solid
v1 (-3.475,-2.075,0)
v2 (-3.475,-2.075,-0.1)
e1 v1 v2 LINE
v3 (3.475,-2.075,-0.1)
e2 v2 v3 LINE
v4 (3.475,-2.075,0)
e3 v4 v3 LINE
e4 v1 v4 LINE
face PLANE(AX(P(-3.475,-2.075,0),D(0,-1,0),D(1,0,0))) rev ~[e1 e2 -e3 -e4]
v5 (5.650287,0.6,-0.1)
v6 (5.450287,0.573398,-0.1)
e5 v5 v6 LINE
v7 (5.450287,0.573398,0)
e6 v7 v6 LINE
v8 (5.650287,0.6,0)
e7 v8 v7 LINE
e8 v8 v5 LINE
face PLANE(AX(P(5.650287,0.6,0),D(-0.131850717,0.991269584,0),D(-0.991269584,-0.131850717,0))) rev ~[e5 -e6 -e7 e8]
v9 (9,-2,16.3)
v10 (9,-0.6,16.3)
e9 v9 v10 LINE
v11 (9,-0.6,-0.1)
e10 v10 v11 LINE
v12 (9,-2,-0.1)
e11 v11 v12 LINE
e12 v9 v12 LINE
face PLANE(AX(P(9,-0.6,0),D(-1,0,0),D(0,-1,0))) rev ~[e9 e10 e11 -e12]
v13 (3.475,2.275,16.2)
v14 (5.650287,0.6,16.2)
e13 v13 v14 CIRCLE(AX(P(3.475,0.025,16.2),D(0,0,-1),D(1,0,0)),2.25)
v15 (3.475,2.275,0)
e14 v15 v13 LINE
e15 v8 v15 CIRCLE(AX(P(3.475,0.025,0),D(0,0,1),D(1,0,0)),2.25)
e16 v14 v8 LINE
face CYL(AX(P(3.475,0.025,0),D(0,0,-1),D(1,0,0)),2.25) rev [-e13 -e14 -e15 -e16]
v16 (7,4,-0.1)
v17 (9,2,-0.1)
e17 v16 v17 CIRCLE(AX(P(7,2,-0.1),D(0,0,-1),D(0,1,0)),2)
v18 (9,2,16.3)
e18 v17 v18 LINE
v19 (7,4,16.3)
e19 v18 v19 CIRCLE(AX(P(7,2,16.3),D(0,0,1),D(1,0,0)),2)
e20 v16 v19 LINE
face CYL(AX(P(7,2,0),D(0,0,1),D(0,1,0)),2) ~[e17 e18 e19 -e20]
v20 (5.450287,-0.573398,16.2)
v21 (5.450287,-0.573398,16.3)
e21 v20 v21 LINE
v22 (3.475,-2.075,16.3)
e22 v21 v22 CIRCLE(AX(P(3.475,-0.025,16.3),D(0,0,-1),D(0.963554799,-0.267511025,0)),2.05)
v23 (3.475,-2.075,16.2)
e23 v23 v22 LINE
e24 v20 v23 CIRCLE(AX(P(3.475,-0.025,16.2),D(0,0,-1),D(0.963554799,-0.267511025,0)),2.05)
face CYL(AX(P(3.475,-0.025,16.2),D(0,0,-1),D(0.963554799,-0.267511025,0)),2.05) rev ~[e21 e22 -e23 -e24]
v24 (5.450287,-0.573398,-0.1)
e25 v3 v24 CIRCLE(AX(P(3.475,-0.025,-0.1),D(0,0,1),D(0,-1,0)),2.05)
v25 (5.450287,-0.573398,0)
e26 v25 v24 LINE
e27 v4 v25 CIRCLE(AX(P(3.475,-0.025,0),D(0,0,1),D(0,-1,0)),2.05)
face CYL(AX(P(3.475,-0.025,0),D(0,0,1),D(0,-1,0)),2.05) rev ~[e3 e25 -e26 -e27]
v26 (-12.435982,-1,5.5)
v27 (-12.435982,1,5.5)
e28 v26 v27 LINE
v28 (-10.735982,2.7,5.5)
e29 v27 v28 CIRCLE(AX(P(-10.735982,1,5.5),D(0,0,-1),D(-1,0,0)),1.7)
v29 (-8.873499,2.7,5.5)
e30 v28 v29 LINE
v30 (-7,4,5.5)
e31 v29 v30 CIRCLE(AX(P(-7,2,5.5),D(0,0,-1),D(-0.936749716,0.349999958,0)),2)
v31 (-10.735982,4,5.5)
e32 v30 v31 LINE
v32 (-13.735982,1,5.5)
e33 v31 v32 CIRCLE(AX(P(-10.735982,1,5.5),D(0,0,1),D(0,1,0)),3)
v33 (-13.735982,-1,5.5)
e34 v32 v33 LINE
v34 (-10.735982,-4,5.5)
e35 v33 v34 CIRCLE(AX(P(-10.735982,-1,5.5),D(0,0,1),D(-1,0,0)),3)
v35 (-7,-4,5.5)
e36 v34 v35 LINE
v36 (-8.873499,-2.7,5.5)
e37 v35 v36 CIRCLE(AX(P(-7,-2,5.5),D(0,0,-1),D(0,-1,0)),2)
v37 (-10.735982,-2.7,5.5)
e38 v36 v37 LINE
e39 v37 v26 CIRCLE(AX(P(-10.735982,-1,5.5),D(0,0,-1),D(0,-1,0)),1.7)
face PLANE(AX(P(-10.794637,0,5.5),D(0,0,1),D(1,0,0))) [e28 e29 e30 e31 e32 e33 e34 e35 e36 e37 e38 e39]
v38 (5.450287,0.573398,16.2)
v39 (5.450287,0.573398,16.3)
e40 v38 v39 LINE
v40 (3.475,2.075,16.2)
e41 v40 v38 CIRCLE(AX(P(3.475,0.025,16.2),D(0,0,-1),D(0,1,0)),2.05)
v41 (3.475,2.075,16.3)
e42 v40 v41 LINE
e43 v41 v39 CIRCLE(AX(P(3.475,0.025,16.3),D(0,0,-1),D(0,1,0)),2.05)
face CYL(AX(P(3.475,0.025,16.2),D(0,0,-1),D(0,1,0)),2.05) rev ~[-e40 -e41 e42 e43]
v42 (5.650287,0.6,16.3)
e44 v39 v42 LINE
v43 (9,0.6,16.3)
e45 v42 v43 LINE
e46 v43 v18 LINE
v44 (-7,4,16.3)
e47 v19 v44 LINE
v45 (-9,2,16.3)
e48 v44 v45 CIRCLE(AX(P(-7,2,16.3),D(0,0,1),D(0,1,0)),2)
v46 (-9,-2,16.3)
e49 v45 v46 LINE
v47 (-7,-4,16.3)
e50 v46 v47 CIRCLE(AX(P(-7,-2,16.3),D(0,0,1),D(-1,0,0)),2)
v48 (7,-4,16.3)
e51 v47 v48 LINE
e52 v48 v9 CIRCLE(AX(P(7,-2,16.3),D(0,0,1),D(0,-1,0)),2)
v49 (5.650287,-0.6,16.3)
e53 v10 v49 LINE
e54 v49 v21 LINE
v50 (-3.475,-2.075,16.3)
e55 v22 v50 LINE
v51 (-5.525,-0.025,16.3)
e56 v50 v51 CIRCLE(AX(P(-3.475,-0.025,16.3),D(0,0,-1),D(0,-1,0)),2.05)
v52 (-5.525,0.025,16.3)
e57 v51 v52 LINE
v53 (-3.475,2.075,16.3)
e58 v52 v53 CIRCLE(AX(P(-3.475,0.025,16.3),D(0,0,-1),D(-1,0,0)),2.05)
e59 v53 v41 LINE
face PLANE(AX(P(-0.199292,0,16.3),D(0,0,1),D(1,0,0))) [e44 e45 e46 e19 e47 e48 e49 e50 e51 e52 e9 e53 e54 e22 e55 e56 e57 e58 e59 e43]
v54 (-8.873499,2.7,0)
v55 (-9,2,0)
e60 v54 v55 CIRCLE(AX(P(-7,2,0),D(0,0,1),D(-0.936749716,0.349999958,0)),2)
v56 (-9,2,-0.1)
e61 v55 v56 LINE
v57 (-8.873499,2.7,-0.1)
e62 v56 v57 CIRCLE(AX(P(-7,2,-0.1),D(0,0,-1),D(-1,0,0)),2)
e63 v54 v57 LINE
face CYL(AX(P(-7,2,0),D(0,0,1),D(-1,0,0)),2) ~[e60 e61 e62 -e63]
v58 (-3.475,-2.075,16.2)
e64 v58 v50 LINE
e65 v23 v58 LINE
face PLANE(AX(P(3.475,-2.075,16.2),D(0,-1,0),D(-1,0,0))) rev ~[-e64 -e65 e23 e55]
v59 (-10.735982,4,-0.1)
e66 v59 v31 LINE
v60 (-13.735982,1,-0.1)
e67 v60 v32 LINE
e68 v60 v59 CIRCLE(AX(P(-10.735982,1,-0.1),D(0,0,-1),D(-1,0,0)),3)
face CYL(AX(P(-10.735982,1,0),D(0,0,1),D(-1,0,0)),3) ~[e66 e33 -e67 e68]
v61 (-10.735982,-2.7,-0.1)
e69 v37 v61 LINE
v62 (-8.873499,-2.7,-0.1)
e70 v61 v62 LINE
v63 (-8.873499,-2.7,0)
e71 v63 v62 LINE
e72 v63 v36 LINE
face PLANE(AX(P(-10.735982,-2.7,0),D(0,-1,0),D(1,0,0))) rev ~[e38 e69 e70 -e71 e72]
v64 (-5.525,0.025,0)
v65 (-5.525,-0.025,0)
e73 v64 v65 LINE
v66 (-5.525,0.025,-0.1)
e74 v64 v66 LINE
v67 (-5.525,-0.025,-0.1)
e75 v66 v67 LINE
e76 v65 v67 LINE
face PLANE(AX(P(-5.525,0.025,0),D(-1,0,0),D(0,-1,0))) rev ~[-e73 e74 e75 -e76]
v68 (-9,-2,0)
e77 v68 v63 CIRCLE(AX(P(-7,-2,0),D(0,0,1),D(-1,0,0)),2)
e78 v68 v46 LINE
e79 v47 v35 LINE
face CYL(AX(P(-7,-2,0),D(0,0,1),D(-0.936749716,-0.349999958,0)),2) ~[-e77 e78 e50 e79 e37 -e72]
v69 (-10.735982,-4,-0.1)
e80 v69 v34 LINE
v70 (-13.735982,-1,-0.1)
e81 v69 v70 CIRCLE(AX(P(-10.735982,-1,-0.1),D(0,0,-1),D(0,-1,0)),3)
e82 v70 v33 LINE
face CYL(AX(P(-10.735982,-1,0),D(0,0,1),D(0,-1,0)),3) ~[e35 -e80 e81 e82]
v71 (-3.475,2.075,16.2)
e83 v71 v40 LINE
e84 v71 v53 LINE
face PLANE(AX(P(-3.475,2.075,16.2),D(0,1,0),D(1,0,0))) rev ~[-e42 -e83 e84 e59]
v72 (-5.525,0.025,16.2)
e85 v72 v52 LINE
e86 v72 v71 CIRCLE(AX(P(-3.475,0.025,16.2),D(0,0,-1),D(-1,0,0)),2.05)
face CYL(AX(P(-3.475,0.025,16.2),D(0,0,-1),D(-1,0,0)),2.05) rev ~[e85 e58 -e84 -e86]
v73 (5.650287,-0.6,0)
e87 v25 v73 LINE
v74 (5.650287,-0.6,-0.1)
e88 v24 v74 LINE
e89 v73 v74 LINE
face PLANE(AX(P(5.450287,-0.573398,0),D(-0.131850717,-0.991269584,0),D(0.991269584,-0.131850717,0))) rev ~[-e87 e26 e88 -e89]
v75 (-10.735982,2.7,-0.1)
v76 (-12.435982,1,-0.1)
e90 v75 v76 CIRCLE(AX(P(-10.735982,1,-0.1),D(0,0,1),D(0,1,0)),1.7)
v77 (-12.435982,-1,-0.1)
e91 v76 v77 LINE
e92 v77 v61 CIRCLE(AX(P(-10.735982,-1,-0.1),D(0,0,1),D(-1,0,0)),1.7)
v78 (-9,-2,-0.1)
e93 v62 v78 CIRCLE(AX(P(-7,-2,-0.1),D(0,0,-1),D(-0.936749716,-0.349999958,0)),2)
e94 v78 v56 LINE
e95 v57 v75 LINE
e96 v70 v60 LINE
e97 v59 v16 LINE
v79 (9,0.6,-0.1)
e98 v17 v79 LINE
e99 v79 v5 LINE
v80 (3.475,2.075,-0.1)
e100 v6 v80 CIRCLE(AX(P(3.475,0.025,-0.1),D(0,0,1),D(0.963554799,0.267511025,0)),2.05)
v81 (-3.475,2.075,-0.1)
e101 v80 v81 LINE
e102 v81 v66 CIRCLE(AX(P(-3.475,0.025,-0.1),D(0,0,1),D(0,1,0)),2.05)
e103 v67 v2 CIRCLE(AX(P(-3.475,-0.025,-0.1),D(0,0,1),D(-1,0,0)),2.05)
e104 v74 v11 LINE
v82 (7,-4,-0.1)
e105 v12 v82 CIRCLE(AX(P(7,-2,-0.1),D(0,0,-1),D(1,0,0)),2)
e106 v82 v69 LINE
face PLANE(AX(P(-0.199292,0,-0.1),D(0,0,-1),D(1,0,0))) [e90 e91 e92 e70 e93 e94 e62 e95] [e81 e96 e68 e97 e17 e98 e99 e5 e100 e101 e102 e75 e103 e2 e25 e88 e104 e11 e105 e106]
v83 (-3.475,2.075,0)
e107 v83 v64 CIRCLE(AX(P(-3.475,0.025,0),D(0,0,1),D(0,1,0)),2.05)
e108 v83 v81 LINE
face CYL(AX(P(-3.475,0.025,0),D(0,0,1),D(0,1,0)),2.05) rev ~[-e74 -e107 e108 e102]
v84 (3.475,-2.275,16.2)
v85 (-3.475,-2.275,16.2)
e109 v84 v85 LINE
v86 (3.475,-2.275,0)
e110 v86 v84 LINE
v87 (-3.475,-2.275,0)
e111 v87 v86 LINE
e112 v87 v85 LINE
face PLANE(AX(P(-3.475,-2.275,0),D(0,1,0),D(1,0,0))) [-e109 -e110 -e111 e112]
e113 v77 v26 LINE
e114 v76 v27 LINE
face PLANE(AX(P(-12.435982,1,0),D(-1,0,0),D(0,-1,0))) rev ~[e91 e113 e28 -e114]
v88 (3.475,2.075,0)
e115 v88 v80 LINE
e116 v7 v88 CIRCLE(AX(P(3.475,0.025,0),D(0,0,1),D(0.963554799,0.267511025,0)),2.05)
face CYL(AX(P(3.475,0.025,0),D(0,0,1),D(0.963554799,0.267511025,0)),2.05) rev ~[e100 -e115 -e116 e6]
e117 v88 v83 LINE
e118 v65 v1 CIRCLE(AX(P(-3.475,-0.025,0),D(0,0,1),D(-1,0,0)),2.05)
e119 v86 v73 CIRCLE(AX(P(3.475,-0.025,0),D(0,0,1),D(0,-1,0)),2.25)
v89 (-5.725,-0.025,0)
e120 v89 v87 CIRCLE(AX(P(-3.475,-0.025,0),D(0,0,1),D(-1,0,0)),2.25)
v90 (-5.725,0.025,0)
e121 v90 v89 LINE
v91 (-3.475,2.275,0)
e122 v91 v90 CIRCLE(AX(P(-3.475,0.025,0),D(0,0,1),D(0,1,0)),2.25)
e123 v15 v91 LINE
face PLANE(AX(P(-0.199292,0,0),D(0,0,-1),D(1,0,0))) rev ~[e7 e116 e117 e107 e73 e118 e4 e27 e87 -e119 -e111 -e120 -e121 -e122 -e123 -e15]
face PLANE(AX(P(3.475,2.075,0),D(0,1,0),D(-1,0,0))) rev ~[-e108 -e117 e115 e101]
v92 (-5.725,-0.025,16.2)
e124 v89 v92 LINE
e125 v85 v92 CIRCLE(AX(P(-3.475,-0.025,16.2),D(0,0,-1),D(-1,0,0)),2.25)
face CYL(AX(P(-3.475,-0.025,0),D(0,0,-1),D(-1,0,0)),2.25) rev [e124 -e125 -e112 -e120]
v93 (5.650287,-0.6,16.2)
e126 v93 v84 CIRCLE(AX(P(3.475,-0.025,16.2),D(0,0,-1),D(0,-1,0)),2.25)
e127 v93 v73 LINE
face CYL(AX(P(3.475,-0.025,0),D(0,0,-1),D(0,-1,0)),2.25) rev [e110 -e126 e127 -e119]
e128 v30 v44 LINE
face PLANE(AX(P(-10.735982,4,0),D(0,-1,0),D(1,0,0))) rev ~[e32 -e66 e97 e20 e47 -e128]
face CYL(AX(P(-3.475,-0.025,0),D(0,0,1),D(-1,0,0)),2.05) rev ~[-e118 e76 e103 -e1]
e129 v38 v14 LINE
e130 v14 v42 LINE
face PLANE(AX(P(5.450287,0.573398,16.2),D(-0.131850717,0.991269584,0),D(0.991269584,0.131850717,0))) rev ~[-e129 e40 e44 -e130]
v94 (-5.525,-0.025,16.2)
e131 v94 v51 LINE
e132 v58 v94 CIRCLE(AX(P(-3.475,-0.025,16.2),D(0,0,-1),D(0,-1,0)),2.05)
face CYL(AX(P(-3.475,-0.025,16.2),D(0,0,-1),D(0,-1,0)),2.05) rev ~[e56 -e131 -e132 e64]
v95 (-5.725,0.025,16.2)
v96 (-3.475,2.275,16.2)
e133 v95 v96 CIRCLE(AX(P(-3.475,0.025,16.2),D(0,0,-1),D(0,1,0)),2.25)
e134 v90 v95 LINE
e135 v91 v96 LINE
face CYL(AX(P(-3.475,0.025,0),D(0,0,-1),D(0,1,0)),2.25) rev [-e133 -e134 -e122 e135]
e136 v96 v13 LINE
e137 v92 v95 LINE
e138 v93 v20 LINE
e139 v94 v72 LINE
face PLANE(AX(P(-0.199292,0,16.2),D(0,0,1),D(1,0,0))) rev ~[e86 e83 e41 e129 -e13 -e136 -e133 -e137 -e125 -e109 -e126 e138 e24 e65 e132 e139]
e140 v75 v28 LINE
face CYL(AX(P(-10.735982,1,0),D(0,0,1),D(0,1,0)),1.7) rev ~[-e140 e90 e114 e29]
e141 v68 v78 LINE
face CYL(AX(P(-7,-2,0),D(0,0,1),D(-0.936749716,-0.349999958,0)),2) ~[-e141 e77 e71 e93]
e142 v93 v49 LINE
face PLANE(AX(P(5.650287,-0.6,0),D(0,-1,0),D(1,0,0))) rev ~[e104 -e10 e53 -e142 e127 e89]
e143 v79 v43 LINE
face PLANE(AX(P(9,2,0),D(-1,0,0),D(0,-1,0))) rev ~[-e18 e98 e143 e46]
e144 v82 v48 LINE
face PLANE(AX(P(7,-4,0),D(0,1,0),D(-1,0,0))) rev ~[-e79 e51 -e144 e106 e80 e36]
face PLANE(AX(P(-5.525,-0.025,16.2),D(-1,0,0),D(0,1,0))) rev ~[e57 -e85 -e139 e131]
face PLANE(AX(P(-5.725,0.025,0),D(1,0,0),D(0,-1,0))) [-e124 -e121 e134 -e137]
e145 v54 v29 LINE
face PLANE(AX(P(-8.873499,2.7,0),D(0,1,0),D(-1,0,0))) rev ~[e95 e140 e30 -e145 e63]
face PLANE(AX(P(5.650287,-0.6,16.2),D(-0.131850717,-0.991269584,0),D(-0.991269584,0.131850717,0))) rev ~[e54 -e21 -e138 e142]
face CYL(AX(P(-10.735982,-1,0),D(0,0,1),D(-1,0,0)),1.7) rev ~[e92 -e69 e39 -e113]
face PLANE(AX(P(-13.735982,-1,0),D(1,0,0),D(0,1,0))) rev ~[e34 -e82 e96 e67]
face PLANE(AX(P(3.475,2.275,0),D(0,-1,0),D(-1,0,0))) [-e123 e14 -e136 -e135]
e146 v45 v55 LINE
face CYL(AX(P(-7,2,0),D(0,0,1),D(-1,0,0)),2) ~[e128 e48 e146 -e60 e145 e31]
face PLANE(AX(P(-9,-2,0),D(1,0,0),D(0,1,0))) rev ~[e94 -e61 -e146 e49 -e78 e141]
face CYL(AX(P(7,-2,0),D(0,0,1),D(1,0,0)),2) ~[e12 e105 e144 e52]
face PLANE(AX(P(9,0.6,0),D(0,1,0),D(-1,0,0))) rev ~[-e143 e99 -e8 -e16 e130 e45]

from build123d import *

# Parameters (mm, degrees)
F0_W      = 8
F0_H      = 2.5
F1_DEPTH  = 16.25
F3_DEPTH  = 16.2
F5_W      = 1.2
F5_H      = 18
F7_DEPTH  = 3.3507126627
F8_DEPTH  = 5.5
F10_DEPTH = 0.1
F12_DEPTH = 0.1


with BuildPart() as f1:
    # F0 (on Top) → F1 (new body)
    with BuildSketch(Plane.XY):
        with BuildLine():
            Line((-3.475, -2.275), (3.475, -2.275))
            ThreePointArc((3.475, -2.275), (5.0659902577, -1.6159902577), (5.725, -0.025))
            Line((5.725, -0.025), (5.725, 0.025))
            ThreePointArc((5.725, 0.025), (5.0659902577, 1.6159902577), (3.475, 2.275))
            Line((3.475, 2.275), (-3.475, 2.275))
            ThreePointArc((-3.475, 2.275), (-5.0659902577, 1.6159902577), (-5.725, 0.025))
            Line((-5.725, 0.025), (-5.725, -0.025))
            ThreePointArc((-5.725, -0.025), (-5.0659902577, -1.6159902577), (-3.475, -2.275))
        make_face()
        Rectangle(F0_W, F0_H, mode=Mode.SUBTRACT)
        Rectangle(F0_W, F0_H)
    extrude(amount=F1_DEPTH)


with BuildPart() as f3:
    # F2 (on Top) → F3 (new body)
    with BuildSketch(Plane.XY):
        with BuildLine():
            Line((-7, -4), (7, -4))
            ThreePointArc((7, -4), (8.4142135624, -3.4142135624), (9, -2))
            Line((9, -2), (9, 2))
            ThreePointArc((9, 2), (8.4142135624, 3.4142135624), (7, 4))
            Line((7, 4), (-7, 4))
            Line((-7, 4), (-7, -4))
        make_face()
        with BuildLine():
            ThreePointArc((-9, -2), (-8.9681207868, -2.3556691844), (-8.8734994313, -2.6999999151))
            Line((-8.8734994313, -2.6999999151), (-7.9164700583, -2.6999999151))
            Line((-7.9164700583, -2.6999999151), (-7.9164700583, 2.6999999151))
            Line((-7.9164700583, 2.6999999151), (-8.8734994313, 2.6999999151))
            ThreePointArc((-8.8734994313, 2.6999999151), (-8.9681207868, 2.3556691844), (-9, 2))
            Line((-9, 2), (-9, -2))
        make_face()
        with BuildLine():
            ThreePointArc((-8.8734994313, -2.6999999151), (-8.1401754623, -3.6431676467), (-7, -4))
            Line((-7, -4), (-7, 4))
            ThreePointArc((-7, 4), (-8.1401754623, 3.6431676467), (-8.8734994313, 2.6999999151))
            Line((-8.8734994313, 2.6999999151), (-7.9164700583, 2.6999999151))
            Line((-7.9164700583, 2.6999999151), (-7.9164700583, -2.6999999151))
            Line((-7.9164700583, -2.6999999151), (-8.8734994313, -2.6999999151))
        make_face()
    extrude(amount=F3_DEPTH)

    # F6: cut F1
    add(f1.part, mode=Mode.SUBTRACT)

    # F5 (on face) → F7 (cut, through all)
    with BuildSketch(Plane.YZ.offset(9)):
        with Locations((0, 8)):
            Rectangle(F5_W, F5_H)
    extrude(amount=-F7_DEPTH, mode=Mode.SUBTRACT)

    # F2 (on Top) → F8 (join)
    with BuildSketch(Plane.XY):
        with BuildLine():
            Line((-10.7359819859, -4), (-7, -4))
            ThreePointArc((-7, -4), (-8.1401754623, -3.6431676467), (-8.8734994313, -2.6999999151))
            Line((-8.8734994313, -2.6999999151), (-10.7359819859, -2.6999999151))
            ThreePointArc((-10.7359819859, -2.6999999151), (-11.9380634539, -2.202081468), (-12.435981901, -1))
            Line((-12.435981901, -1), (-12.435981901, 1))
            ThreePointArc((-12.435981901, 1), (-11.9380634539, 2.202081468), (-10.7359819859, 2.6999999151))
            Line((-10.7359819859, 2.6999999151), (-8.8734994313, 2.6999999151))
            ThreePointArc((-8.8734994313, 2.6999999151), (-8.1401754623, 3.6431676467), (-7, 4))
            Line((-7, 4), (-10.7359819859, 4))
            ThreePointArc((-10.7359819859, 4), (-12.8573023295, 3.1213203436), (-13.7359819859, 1))
            Line((-13.7359819859, 1), (-13.7359819859, -1))
            ThreePointArc((-13.7359819859, -1), (-12.8573023295, -3.1213203436), (-10.7359819859, -4))
        make_face()
    extrude(amount=F8_DEPTH)

    # F9 (on face) → F10 (join)
    with BuildSketch(Plane.XY.offset(16.2)):
        with BuildLine():
            Line((3.475, -2.0750000357), (-3.475, -2.0750000357))
            ThreePointArc((-3.475, -2.0750000357), (-4.9245689267, -1.4745689267), (-5.5250000357, -0.025))
            Line((-5.5250000357, -0.025), (-5.5250000357, 0.025))
            ThreePointArc((-5.5250000357, 0.025), (-4.9245689267, 1.4745689267), (-3.475, 2.0750000357))
            Line((-3.475, 2.0750000357), (3.475, 2.0750000357))
            ThreePointArc((3.475, 2.0750000357), (4.7156218246, 1.6569796674), (5.4502873731, 0.5733976115))
            Line((5.4502873731, 0.5733976115), (5.6502873373, 0.6))
            ThreePointArc((5.6502873373, 0.6), (4.8477253913, 1.8077296486), (3.475, 2.275))
            Line((3.475, 2.275), (-3.475, 2.275))
            ThreePointArc((-3.475, 2.275), (-5.0659902577, 1.6159902577), (-5.725, 0.025))
            Line((-5.725, 0.025), (-5.725, -0.025))
            ThreePointArc((-5.725, -0.025), (-5.0659902577, -1.6159902577), (-3.475, -2.275))
            Line((-3.475, -2.275), (3.475, -2.275))
            ThreePointArc((3.475, -2.275), (4.8477253913, -1.8077296486), (5.6502873373, -0.6))
            Line((5.6502873373, -0.6), (5.4502873731, -0.5733976115))
            ThreePointArc((5.4502873731, -0.5733976115), (4.7156218246, -1.6569796674), (3.475, -2.0750000357))
        make_face()
        with BuildLine():
            Line((9, -0.6), (5.6502873373, -0.6))
            ThreePointArc((5.6502873373, -0.6), (4.8477253913, -1.8077296486), (3.475, -2.275))
            Line((3.475, -2.275), (-3.475, -2.275))
            ThreePointArc((-3.475, -2.275), (-5.0659902577, -1.6159902577), (-5.725, -0.025))
            Line((-5.725, -0.025), (-5.725, 0.025))
            ThreePointArc((-5.725, 0.025), (-5.0659902577, 1.6159902577), (-3.475, 2.275))
            Line((-3.475, 2.275), (3.475, 2.275))
            ThreePointArc((3.475, 2.275), (4.8477253913, 1.8077296486), (5.6502873373, 0.6))
            Line((5.6502873373, 0.6), (9, 0.6))
            Line((9, 0.6), (9, 2))
            ThreePointArc((9, 2), (8.4142135624, 3.4142135624), (7, 4))
            Line((7, 4), (-7, 4))
            ThreePointArc((-7, 4), (-8.4142135624, 3.4142135624), (-9, 2))
            Line((-9, 2), (-9, -2))
            ThreePointArc((-9, -2), (-8.4142135624, -3.4142135624), (-7, -4))
            Line((-7, -4), (7, -4))
            ThreePointArc((7, -4), (8.4142135624, -3.4142135624), (9, -2))
            Line((9, -2), (9, -0.6))
        make_face()
    extrude(amount=F10_DEPTH)

    # F11 (on face) → F12 (join)
    with BuildSketch(Plane(origin=(0, 0, 0), x_dir=(1, 0, 0), z_dir=(0, 0, -1))):
        with BuildLine():
            ThreePointArc((5.4502873731, -0.5733976115), (4.7156218246, -1.6569796674), (3.475, -2.0750000357))
            Line((3.475, -2.0750000357), (-3.475, -2.0750000357))
            ThreePointArc((-3.475, -2.0750000357), (-4.9245689267, -1.4745689267), (-5.5250000357, -0.025))
            Line((-5.5250000357, -0.025), (-5.5250000357, 0.025))
            ThreePointArc((-5.5250000357, 0.025), (-4.9245689267, 1.4745689267), (-3.475, 2.0750000357))
            Line((-3.475, 2.0750000357), (3.475, 2.0750000357))
            ThreePointArc((3.475, 2.0750000357), (4.7156218246, 1.6569796674), (5.4502873731, 0.5733976115))
            Line((5.4502873731, 0.5733976115), (5.6502873373, 0.6))
            ThreePointArc((5.6502873373, 0.6), (4.8477253913, 1.8077296486), (3.475, 2.275))
            Line((3.475, 2.275), (-3.475, 2.275))
            ThreePointArc((-3.475, 2.275), (-5.0659902577, 1.6159902577), (-5.725, 0.025))
            Line((-5.725, 0.025), (-5.725, -0.025))
            ThreePointArc((-5.725, -0.025), (-5.0659902577, -1.6159902577), (-3.475, -2.275))
            Line((-3.475, -2.275), (3.475, -2.275))
            ThreePointArc((3.475, -2.275), (4.8477253913, -1.8077296486), (5.6502873373, -0.6))
            Line((5.6502873373, -0.6), (5.4502873731, -0.5733976115))
        make_face()
        with BuildLine():
            Line((9, -0.6), (5.6502873373, -0.6))
            ThreePointArc((5.6502873373, -0.6), (4.8477253913, -1.8077296486), (3.475, -2.275))
            Line((3.475, -2.275), (-3.475, -2.275))
            ThreePointArc((-3.475, -2.275), (-5.0659902577, -1.6159902577), (-5.725, -0.025))
            Line((-5.725, -0.025), (-5.725, 0.025))
            ThreePointArc((-5.725, 0.025), (-5.0659902577, 1.6159902577), (-3.475, 2.275))
            Line((-3.475, 2.275), (3.475, 2.275))
            ThreePointArc((3.475, 2.275), (4.8477253913, 1.8077296486), (5.6502873373, 0.6))
            Line((5.6502873373, 0.6), (9, 0.6))
            Line((9, 0.6), (9, 2))
            ThreePointArc((9, 2), (8.4142135624, 3.4142135624), (7, 4))
            Line((7, 4), (-7, 4))
            Line((-7, 4), (-10.7359819859, 4))
            ThreePointArc((-10.7359819859, 4), (-12.8573023295, 3.1213203436), (-13.7359819859, 1))
            Line((-13.7359819859, 1), (-13.7359819859, -1))
            ThreePointArc((-13.7359819859, -1), (-12.8573023295, -3.1213203436), (-10.7359819859, -4))
            Line((-10.7359819859, -4), (-7, -4))
            Line((-7, -4), (7, -4))
            ThreePointArc((7, -4), (8.4142135624, -3.4142135624), (9, -2))
            Line((9, -2), (9, -0.6))
        make_face()
        with BuildLine():
            Line((-10.7359819859, 2.6999999151), (-8.8734994313, 2.6999999151))
            ThreePointArc((-8.8734994313, 2.6999999151), (-8.9681207868, 2.3556691844), (-9, 2))
            Line((-9, 2), (-9, -2))
            ThreePointArc((-9, -2), (-8.9681207868, -2.3556691844), (-8.8734994313, -2.6999999151))
            Line((-8.8734994313, -2.6999999151), (-10.7359819859, -2.6999999151))
            ThreePointArc((-10.7359819859, -2.6999999151), (-11.9380634539, -2.202081468), (-12.435981901, -1))
            Line((-12.435981901, -1), (-12.435981901, 1))
            ThreePointArc((-12.435981901, 1), (-11.9380634539, 2.202081468), (-10.7359819859, 2.6999999151))
        make_face(mode=Mode.SUBTRACT)
    extrude(amount=F12_DEPTH)


solid = f3.part
